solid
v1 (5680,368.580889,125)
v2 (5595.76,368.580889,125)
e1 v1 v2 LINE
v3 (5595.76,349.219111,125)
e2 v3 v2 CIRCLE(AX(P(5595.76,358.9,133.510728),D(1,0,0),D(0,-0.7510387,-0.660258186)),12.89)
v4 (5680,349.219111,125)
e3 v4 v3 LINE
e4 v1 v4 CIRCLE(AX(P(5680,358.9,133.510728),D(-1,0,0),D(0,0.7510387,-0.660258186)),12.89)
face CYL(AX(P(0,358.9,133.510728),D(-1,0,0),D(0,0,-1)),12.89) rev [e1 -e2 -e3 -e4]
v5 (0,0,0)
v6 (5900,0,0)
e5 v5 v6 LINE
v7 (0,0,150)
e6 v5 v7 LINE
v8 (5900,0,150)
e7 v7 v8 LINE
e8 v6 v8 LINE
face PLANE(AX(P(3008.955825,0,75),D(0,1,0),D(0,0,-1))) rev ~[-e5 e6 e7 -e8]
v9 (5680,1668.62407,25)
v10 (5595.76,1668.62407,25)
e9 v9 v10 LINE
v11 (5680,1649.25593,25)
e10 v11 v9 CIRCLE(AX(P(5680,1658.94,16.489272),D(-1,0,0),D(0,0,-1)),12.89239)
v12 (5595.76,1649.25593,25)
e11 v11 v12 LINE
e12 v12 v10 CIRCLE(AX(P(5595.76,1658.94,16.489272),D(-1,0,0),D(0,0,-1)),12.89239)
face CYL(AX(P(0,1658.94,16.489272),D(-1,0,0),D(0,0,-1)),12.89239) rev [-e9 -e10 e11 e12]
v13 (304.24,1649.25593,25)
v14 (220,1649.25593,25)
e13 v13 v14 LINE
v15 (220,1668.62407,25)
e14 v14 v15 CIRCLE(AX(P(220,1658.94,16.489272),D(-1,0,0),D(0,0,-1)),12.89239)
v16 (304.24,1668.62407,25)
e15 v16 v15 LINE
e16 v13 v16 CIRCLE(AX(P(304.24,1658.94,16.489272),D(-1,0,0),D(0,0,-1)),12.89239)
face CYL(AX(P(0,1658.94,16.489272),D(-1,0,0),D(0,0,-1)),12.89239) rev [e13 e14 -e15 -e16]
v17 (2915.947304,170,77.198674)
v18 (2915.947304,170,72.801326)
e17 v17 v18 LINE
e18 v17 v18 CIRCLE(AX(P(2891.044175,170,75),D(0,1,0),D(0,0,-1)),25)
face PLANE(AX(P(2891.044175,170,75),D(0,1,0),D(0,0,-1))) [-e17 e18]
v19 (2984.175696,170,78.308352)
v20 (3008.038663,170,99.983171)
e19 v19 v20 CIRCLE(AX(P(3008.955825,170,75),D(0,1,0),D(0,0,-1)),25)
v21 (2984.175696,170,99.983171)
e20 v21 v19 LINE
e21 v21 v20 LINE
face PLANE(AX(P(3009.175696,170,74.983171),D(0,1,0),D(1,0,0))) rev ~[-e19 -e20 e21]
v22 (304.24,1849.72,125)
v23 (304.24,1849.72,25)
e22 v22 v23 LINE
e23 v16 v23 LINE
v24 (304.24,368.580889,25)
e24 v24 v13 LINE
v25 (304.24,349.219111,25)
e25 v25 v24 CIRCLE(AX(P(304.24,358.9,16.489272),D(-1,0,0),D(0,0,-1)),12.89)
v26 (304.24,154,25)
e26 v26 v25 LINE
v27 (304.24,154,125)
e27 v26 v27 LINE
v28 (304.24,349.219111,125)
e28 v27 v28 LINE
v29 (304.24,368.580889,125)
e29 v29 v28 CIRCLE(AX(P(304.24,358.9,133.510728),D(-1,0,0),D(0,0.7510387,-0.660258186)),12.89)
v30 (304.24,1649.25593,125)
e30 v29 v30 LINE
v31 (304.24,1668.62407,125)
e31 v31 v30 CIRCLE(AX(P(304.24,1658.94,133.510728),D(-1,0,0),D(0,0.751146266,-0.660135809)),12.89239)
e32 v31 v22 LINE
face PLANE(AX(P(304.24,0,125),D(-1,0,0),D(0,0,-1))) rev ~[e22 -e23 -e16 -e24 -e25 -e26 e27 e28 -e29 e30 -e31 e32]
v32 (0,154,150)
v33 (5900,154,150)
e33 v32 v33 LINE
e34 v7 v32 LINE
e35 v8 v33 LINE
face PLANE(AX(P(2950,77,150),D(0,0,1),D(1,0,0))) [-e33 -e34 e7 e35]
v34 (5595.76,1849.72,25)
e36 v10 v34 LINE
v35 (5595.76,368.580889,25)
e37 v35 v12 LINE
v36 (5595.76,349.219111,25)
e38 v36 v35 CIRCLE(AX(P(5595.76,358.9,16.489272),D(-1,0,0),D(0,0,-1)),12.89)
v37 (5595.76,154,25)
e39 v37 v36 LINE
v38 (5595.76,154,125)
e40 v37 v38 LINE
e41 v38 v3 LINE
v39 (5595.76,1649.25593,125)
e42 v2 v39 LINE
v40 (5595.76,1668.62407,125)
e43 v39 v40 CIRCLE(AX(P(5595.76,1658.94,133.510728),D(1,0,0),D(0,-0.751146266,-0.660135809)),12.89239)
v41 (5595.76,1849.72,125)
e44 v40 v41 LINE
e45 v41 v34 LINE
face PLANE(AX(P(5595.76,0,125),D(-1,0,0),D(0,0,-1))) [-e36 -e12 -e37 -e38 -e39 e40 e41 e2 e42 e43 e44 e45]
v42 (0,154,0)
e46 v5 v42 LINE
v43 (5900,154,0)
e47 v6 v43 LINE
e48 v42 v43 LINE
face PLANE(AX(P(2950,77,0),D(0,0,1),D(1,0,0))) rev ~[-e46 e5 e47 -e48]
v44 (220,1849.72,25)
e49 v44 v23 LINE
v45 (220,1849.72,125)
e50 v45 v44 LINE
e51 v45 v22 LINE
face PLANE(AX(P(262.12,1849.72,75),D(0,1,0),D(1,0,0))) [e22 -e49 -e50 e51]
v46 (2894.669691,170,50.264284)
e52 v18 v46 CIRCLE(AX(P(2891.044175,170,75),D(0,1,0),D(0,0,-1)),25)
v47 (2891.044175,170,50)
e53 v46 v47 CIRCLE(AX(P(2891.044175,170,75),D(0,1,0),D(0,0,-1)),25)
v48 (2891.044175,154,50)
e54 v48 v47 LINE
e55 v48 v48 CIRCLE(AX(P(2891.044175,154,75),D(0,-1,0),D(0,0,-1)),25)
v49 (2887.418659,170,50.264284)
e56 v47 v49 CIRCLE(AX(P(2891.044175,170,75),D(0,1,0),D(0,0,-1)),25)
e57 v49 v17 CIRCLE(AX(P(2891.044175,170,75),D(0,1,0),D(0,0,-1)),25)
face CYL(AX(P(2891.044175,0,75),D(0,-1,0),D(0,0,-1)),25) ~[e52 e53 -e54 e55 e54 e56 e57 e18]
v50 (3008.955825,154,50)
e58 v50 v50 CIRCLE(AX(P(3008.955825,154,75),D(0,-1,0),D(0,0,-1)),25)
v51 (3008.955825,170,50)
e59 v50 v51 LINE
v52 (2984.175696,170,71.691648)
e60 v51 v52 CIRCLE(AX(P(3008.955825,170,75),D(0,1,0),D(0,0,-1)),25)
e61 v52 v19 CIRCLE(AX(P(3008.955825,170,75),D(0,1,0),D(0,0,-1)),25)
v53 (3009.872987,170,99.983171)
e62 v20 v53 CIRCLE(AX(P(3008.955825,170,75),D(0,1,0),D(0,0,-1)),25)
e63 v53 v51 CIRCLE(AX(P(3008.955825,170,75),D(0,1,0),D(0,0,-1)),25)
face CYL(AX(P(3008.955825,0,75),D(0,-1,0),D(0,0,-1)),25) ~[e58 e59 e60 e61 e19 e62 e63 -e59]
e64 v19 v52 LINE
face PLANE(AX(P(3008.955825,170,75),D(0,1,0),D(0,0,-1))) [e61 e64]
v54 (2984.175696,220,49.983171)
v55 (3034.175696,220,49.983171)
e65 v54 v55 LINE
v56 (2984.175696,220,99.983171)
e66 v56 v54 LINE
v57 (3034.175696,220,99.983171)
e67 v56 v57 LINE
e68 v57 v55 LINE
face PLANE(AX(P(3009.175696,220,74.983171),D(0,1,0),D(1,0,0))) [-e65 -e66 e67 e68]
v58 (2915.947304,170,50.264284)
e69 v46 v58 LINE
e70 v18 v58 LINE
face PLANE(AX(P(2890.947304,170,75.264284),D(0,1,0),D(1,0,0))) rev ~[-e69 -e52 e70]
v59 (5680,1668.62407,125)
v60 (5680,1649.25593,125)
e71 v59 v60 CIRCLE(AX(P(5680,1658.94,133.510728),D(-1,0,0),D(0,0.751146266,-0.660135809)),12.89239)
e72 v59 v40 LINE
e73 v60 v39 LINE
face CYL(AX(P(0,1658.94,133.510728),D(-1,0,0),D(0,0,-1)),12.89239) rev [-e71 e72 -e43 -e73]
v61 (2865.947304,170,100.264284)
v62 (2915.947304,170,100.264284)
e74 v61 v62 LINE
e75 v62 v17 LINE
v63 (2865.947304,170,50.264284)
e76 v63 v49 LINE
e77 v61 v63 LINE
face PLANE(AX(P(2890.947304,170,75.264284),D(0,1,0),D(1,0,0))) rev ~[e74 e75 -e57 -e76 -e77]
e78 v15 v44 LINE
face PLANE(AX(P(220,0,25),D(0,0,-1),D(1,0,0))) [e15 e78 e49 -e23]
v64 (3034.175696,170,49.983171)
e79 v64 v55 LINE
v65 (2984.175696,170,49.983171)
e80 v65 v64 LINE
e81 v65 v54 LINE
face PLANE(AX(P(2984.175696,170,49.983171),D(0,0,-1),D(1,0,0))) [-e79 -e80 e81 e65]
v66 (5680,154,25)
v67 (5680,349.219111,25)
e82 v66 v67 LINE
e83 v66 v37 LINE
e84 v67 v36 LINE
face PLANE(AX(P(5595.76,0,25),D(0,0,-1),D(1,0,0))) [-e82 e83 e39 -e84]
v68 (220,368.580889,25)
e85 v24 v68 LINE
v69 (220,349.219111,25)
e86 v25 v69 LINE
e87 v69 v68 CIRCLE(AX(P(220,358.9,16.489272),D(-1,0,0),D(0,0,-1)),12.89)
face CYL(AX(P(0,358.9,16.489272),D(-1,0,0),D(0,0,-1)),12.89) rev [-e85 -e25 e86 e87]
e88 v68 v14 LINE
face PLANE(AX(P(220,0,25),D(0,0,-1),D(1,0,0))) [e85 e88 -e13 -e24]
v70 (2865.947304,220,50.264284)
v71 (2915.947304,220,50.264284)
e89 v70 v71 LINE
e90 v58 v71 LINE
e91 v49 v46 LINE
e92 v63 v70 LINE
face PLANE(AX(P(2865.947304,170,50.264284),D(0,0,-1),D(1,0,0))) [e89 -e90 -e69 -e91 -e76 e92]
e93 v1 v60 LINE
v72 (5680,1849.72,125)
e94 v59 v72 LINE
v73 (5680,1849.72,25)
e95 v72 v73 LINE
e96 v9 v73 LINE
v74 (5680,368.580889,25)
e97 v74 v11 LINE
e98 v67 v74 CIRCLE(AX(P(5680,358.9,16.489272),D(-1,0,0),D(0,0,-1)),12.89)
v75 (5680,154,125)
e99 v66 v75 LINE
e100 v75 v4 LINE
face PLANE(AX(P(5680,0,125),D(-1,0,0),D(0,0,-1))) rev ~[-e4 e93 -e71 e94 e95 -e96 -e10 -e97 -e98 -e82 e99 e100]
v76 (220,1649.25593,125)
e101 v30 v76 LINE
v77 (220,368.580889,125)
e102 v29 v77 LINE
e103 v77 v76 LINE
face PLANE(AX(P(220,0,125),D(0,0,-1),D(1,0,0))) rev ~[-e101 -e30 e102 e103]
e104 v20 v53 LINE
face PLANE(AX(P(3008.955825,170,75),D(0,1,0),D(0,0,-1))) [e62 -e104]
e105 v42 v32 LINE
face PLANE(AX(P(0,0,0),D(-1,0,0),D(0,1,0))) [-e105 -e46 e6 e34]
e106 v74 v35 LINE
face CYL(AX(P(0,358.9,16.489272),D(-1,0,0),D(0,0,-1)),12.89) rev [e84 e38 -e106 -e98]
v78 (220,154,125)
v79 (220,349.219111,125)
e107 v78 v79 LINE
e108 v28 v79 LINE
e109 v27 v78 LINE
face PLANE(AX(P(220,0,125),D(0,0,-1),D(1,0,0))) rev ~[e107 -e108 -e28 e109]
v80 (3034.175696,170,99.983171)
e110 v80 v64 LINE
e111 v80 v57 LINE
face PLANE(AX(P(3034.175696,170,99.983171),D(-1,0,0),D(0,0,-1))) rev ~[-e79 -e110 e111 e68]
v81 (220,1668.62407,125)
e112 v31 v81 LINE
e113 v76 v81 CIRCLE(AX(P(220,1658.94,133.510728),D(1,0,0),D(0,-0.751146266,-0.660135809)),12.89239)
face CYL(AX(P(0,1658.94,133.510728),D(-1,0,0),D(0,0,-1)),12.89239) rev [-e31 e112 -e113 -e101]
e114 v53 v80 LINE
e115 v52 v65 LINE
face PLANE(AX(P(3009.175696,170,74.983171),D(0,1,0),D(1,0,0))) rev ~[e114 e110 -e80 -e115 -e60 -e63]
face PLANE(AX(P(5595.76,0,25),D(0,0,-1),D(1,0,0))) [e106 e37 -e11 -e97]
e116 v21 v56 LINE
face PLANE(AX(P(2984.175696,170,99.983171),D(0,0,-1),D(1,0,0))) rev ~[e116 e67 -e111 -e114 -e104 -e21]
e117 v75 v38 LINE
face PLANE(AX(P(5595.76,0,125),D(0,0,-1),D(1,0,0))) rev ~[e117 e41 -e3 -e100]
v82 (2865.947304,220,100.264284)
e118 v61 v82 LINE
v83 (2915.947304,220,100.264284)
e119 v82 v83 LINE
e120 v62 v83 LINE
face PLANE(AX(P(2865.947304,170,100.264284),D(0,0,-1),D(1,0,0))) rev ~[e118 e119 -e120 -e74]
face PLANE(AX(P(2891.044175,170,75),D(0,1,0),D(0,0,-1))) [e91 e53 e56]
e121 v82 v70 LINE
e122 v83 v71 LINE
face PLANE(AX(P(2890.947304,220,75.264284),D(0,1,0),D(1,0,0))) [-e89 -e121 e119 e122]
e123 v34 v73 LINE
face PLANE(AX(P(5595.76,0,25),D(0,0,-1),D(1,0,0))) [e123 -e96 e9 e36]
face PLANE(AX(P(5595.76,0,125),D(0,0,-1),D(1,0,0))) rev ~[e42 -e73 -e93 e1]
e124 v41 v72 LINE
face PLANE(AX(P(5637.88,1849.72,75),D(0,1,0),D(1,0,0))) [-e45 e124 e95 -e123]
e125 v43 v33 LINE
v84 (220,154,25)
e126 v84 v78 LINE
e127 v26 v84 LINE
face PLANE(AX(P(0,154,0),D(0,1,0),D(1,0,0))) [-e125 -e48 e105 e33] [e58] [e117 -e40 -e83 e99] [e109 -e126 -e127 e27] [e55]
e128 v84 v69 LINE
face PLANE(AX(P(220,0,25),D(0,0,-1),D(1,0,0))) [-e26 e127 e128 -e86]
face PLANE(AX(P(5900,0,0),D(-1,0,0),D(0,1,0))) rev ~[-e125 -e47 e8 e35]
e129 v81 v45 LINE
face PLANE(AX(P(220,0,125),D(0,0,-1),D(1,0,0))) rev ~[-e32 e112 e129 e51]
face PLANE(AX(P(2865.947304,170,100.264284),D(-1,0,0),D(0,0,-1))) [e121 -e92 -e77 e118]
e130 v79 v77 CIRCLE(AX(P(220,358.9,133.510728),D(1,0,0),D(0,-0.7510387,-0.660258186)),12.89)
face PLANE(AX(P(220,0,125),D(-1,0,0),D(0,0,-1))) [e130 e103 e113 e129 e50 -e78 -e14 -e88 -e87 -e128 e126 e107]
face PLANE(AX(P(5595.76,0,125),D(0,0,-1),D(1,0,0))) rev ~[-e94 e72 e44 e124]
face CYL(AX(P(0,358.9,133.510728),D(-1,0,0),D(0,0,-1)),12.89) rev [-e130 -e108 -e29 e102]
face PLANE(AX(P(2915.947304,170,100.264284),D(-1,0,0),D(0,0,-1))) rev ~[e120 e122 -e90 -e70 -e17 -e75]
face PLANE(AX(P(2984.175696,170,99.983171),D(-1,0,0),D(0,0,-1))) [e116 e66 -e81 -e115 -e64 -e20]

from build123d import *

# Parameters (mm, degrees)
ESBO_O1_W                = 5900
ESBO_O1_H                = 154
RESSALTO_EXTRUS_O1_DEPTH = 150
ESBO_O3_W                = 84.24
ESBO_O3_H                = 100
RESSALTO_EXTRUS_O2_DEPTH = 1849.72
ESBO_O4_R                = 12.892389556
ESBO_O4_R_2              = 12.89
CORTE_EXTRUS_O2_DEPTH    = 6185.978906868
ESBO_O5_R                = 25
RESSALTO_EXTRUS_O3_DEPTH = 170
ESBO_O7_W                = 50
ESBO_O7_H                = 50
RESSALTO_EXTRUS_O4_DEPTH = 50


with BuildPart() as part:
    # Esboço1 → Ressalto-extrusão1 (new body)
    with BuildSketch(Plane.XY):
        with Locations((2950, 77)):
            Rectangle(ESBO_O1_W, ESBO_O1_H)
    extrude(amount=RESSALTO_EXTRUS_O1_DEPTH)

    # Esboço3 → Ressalto-extrusão2 (add)
    with BuildSketch(Plane(origin=(0, 0, 0), x_dir=(1, 0, 0), z_dir=(0, 1, 0))):
        with Locations((5637.88, -75)):
            Rectangle(ESBO_O3_W, ESBO_O3_H)
        with Locations((262.12, -75)):
            Rectangle(ESBO_O3_W, ESBO_O3_H)
    extrude(amount=RESSALTO_EXTRUS_O2_DEPTH)

    # Esboço4 → Corte-extrusão2 (cut, through all)
    with BuildSketch(Plane(origin=(0, 0, 0), x_dir=(0, 0, -1), z_dir=(1, 0, 0))):
        with Locations((-16.489271988, 1658.94)):
            Circle(ESBO_O4_R)
        with Locations((-133.510728012, 1658.94)):
            Circle(ESBO_O4_R)
        with Locations((-16.489271988, 358.9)):
            Circle(ESBO_O4_R_2)
        with Locations((-133.510728012, 358.9)):
            Circle(ESBO_O4_R_2)
    extrude(amount=CORTE_EXTRUS_O2_DEPTH, mode=Mode.SUBTRACT)

    # Esboço5 → Ressalto-extrusão3 (add)
    with BuildSketch(Plane(origin=(0, 0, 0), x_dir=(1, 0, 0), z_dir=(0, 1, 0))):
        with Locations(Location((3008.955824922, -75, 0), (0, 0, 90))):
            Circle(ESBO_O5_R)
        with Locations(Location((2891.044175078, -75, 0), (0, 0, 90))):
            Circle(ESBO_O5_R)
    extrude(amount=RESSALTO_EXTRUS_O3_DEPTH)

    # Esboço7 → Ressalto-extrusão4 (add)
    with BuildSketch(Plane(origin=(0, 170, 0), x_dir=(1, 0, 0), z_dir=(0, 1, 0))):
        with Locations((3009.175695641, -74.98317061)):
            Rectangle(ESBO_O7_W, ESBO_O7_H)
        with Locations((2890.947304084, -75.264284294)):
            Rectangle(ESBO_O7_W, ESBO_O7_H)
    extrude(amount=RESSALTO_EXTRUS_O4_DEPTH)


solid = part.part
